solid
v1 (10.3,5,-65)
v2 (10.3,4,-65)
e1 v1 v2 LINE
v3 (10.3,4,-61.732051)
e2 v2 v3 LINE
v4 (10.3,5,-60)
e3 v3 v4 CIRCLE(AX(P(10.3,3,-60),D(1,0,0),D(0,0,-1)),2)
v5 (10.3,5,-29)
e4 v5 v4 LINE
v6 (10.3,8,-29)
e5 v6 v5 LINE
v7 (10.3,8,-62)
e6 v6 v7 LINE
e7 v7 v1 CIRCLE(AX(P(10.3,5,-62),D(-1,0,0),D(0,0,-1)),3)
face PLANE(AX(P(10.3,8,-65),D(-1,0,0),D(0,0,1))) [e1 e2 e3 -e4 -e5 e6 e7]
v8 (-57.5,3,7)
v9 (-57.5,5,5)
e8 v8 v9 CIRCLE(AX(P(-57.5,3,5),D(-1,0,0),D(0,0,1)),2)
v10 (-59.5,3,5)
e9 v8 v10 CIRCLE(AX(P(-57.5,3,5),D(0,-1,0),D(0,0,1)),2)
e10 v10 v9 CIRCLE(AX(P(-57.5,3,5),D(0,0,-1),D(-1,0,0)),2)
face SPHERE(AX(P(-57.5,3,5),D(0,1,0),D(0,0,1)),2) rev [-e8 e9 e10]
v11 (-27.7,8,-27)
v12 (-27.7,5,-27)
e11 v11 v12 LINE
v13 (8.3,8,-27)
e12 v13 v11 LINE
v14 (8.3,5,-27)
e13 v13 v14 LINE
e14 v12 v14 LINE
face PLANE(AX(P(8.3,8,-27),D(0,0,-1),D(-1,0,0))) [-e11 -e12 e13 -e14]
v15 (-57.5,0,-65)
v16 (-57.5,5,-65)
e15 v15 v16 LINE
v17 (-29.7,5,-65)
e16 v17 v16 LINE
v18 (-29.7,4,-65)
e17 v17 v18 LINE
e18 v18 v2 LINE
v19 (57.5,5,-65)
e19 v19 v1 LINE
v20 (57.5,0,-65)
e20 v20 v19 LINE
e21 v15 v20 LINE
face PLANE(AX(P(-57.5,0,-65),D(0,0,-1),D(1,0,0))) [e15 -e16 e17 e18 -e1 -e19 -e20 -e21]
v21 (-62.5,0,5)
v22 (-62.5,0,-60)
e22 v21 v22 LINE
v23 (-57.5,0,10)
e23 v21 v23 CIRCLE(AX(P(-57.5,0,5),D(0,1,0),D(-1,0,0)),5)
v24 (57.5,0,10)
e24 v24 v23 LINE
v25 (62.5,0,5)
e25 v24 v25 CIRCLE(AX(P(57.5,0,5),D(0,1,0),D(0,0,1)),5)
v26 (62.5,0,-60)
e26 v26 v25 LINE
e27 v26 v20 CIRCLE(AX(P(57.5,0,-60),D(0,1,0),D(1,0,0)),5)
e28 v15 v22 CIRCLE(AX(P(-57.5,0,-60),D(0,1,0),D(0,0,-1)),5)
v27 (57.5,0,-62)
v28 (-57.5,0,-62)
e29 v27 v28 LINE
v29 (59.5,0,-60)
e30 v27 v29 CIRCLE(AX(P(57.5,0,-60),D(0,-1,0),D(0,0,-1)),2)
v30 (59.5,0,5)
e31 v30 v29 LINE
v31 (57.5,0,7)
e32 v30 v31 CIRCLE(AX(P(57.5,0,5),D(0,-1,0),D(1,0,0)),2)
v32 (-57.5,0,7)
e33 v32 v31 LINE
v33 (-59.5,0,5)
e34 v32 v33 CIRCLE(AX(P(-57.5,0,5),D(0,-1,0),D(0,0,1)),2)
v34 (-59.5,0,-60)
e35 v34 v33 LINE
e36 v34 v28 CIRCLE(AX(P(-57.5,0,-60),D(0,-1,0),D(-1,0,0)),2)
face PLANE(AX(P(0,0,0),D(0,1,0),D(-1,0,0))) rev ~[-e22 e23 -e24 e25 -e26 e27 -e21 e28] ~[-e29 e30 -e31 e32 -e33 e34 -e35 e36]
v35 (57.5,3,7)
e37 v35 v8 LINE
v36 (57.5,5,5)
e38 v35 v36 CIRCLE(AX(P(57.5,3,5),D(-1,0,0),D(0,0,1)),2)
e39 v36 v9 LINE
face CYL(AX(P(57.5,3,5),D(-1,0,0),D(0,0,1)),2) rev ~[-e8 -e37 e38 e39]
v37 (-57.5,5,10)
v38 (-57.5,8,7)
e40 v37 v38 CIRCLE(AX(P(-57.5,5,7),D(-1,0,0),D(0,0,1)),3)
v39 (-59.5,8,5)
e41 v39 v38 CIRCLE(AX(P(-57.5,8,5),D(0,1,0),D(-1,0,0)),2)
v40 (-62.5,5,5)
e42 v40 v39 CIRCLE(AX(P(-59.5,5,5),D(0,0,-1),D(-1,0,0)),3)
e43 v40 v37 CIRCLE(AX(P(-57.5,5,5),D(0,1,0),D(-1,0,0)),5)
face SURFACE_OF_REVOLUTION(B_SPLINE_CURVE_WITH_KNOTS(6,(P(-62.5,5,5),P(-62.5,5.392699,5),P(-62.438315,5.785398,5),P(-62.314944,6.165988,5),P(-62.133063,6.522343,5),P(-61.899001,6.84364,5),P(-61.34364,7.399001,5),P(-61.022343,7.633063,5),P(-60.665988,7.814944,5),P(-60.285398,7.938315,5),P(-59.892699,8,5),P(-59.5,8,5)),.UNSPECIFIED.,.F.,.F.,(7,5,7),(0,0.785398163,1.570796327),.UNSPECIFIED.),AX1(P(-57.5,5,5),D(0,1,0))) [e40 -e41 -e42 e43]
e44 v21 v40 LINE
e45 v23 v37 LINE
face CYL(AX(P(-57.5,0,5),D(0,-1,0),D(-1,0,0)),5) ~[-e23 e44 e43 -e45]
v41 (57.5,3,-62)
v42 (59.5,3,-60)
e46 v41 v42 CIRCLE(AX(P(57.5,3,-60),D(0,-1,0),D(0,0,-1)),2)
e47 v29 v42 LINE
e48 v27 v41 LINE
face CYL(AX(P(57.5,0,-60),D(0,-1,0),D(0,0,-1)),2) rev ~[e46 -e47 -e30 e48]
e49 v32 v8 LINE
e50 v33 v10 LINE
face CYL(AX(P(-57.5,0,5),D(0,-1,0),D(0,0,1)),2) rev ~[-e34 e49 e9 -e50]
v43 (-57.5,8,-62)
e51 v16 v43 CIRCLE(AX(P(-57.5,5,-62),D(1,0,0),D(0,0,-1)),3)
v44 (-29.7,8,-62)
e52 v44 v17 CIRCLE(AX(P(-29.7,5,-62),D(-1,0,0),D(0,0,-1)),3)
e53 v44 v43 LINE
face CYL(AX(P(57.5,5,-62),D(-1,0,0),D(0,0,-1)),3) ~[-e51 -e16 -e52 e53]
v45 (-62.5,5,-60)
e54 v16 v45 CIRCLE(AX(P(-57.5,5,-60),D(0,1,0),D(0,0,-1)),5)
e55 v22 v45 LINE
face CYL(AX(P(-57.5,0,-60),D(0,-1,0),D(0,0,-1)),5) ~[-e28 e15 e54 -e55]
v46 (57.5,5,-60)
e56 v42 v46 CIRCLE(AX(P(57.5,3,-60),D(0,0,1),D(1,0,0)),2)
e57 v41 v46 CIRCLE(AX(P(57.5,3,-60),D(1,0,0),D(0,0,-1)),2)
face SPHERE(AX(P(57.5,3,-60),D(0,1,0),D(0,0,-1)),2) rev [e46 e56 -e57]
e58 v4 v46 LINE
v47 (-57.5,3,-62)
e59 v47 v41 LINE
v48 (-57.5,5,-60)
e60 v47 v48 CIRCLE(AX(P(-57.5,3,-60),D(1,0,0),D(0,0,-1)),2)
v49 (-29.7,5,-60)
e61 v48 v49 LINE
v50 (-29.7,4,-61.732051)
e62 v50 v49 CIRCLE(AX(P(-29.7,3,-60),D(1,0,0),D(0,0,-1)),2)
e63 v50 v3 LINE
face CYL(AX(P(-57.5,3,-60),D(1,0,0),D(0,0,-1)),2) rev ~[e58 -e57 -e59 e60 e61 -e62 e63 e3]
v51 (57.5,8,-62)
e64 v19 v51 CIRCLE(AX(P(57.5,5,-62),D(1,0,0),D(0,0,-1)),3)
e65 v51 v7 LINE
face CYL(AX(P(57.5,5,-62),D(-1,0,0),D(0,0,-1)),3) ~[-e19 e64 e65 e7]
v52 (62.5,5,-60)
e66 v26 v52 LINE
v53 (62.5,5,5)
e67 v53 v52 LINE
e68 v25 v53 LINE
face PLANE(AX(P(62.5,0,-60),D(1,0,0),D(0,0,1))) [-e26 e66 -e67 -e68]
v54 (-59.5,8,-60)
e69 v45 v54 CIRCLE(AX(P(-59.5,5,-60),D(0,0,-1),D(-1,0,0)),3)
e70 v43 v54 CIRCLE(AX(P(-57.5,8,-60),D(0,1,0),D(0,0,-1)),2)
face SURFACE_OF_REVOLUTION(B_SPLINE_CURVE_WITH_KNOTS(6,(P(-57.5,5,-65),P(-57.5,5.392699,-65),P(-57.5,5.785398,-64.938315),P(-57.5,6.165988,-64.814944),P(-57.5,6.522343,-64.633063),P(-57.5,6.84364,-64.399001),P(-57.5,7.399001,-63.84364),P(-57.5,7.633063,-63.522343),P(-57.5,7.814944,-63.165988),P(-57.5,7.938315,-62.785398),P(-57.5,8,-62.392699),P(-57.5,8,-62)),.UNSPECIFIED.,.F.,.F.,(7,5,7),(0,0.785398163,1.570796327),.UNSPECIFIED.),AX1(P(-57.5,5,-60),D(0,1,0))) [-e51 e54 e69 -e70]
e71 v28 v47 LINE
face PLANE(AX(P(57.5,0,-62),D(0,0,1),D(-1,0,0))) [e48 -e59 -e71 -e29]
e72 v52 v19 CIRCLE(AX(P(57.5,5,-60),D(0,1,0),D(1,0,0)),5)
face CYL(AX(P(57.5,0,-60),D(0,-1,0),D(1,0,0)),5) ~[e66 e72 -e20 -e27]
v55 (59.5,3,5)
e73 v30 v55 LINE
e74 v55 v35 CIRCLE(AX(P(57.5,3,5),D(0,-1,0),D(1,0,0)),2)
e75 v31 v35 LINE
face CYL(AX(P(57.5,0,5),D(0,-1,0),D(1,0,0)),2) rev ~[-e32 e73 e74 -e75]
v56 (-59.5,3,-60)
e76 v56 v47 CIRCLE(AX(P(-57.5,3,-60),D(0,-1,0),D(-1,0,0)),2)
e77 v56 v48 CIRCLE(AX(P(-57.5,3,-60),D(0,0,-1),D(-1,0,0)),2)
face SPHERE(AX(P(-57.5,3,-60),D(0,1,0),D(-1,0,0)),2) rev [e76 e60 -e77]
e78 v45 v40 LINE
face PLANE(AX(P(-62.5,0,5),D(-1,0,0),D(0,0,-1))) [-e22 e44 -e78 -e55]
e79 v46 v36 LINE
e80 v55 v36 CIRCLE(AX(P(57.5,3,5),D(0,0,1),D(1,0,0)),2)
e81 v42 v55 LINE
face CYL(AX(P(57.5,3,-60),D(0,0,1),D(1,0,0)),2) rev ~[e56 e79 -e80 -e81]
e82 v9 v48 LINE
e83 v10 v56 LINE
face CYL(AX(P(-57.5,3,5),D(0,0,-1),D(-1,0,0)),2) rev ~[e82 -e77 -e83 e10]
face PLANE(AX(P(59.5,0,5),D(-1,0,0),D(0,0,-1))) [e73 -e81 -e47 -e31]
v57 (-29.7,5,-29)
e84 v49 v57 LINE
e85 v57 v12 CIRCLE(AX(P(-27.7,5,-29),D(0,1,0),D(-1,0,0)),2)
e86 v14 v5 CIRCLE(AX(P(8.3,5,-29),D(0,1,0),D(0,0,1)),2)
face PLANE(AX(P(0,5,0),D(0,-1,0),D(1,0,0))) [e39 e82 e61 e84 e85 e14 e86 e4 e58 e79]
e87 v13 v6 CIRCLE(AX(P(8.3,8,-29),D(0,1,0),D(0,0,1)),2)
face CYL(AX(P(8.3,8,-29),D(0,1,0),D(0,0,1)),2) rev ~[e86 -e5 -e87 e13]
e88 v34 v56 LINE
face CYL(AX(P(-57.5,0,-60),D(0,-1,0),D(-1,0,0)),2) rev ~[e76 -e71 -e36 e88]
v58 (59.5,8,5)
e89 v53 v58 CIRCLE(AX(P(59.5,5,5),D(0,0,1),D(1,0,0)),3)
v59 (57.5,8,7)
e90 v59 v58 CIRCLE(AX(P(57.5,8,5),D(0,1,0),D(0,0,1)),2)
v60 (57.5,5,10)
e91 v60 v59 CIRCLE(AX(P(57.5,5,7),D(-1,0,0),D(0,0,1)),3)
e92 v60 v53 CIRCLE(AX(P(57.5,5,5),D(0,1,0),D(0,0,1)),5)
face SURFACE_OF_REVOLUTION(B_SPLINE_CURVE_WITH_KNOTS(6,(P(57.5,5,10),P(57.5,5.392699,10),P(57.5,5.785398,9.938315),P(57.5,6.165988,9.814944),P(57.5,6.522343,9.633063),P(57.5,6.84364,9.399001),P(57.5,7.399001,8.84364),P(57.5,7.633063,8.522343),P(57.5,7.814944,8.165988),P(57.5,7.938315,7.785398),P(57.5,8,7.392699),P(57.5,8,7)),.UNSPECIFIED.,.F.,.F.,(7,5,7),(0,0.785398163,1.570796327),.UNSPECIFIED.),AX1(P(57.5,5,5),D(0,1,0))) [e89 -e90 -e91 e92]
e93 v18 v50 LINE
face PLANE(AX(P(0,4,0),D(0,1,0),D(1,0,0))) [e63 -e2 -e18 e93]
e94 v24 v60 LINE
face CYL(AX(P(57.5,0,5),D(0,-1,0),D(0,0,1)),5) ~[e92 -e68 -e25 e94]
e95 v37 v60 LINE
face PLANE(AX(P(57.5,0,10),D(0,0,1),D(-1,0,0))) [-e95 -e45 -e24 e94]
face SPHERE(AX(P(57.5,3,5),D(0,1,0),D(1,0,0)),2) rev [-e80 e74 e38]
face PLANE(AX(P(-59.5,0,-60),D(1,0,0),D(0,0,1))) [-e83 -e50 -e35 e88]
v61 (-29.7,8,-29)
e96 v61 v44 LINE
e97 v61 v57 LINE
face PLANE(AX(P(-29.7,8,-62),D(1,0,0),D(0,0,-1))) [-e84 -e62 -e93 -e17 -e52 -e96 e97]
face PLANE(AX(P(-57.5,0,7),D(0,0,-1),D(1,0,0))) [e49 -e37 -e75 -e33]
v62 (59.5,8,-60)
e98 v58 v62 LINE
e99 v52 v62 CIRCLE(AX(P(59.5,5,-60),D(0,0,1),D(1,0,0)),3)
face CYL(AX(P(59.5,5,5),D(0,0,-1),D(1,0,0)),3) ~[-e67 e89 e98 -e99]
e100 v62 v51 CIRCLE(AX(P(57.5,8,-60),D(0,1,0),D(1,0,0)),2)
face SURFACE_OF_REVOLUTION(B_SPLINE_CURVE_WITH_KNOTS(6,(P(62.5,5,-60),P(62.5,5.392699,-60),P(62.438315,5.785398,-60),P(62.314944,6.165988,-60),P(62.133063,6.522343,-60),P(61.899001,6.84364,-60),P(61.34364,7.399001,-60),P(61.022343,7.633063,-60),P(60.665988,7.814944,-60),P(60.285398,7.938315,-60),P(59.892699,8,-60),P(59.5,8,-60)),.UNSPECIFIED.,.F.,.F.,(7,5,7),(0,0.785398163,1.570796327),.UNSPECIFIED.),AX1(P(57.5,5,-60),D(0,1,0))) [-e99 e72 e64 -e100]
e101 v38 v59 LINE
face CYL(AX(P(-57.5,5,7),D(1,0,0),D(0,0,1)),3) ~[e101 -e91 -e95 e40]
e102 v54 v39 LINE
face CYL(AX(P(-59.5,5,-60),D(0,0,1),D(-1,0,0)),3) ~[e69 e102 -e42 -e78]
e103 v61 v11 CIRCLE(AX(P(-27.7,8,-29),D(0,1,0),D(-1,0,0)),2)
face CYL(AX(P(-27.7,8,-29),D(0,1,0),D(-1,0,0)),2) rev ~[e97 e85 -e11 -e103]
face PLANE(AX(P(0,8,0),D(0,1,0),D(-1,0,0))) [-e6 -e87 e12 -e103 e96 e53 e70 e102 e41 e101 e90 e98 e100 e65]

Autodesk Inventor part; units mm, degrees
ref_plane "YZ Plane" through (0, 0, 0) normal (1, 0, 0) x (0, 1, 0)
ref_plane "XZ Plane" through (0, 0, 0) normal (0, 1, 0) x (-1, 0, 0)
ref_plane "XY Plane" through (0, 0, 0) normal (0, 0, 1) x (1, 0, 0)
sketch "Sketch1" plane through (0, 0, 0) normal (0, 1, 0) x (-1, 0, 0)
  line L0 (57.5, -65) -> (-57.5, -65)
  line L1 (-62.5, -60) -> (-62.5, 5)
  line L2 (-57.5, 10) -> (57.5, 10)
  line L3 (62.5, 5) -> (62.5, -60)
  arc A0 (-57.5, 10) -> (-62.5, 5) centre (-57.5, 5) ccw
  arc A1 (62.5, 5) -> (57.5, 10) centre (57.5, 5) ccw
  arc A2 (57.5, -65) -> (62.5, -60) centre (57.5, -60) ccw
  arc A3 (-62.5, -60) -> (-57.5, -65) centre (-57.5, -60) ccw
  line L4 (0, 10) -> (0, -20.4446) construction
  point P0 (0, 0)
  point P1 (62.5, -65)
  point P2 (-62.5, 10)
  point P3 (62.5, 10)
  dimension "d0" = 125
  dimension "d4" = 75
  dimension "d5" = 5
  dimension "d9" = 10
extrude "Extrusion1" add sketch "Sketch1" along normal blind 8
fillet "Fillet1" radius 3 8 edges at (-61.0355, 8, 8.5355) (0, 8, 10) (61.0355, 8, 8.5355) (62.5, 8, -27.5) (61.0355, 8, -63.5355) (0, 8, -65) (-61.0355, 8, -63.5355) (-62.5, 8, -27.5)
sketch "Sketch2" plane through (0, 0, 0) normal (0, -1, 0) x (1, 0, 0)
  line L0 (62.5, 5) -> (62.5, -60) projected
  arc A0 (62.5, 5) -> (57.5, 10) centre (57.5, 5) ccw projected
  line L1 (-57.5, 10) -> (57.5, 10) projected
  arc A1 (-57.5, 10) -> (-62.5, 5) centre (-57.5, 5) ccw projected
  line L2 (-62.5, -60) -> (-62.5, 5) projected
  arc A2 (-62.5, -60) -> (-57.5, -65) centre (-57.5, -60) ccw projected
  line L3 (57.5, -65) -> (-57.5, -65) projected
  arc A3 (57.5, -65) -> (62.5, -60) centre (57.5, -60) ccw projected
  arc A4 (59.5, 5) -> (57.5, 7) centre (57.5, 5) ccw
  line L4 (59.5, 5) -> (59.5, -60)
  arc A5 (57.5, -62) -> (59.5, -60) centre (57.5, -60) ccw
  line L5 (57.5, -62) -> (-57.5, -62)
  arc A6 (-59.5, -60) -> (-57.5, -62) centre (-57.5, -60) ccw
  line L6 (-59.5, -60) -> (-59.5, 5)
  arc A7 (-57.5, 7) -> (-59.5, 5) centre (-57.5, 5) ccw
  line L7 (-57.5, 7) -> (57.5, 7)
  point P0 (0, 0)
  dimension "d10" = 3
extrude "Extrusion2" cut sketch "Sketch2" against normal blind 5 contours L4 A5 L5 A6 L6 A7 L7 A4
fillet "Fillet2" radius 2 8 edges at (-58.9142, 5, -61.4142) (-59.5, 5, -27.5) (-58.9142, 5, 6.4142) (0, 5, 7) (58.9142, 5, 6.4142) (59.5, 5, -27.5) (58.9142, 5, -61.4142) (0, 5, -62)
sketch "Sketch3" plane through (0, 8, 0) normal (0, 1, 0) x (1, 0, 0)
  line L0 (-57.5, 62) -> (57.5, 62) projected
  line L1 (-27.7, 67) -> (8.3, 67)
  line L2 (10.3, 65) -> (10.3, 29)
  line L3 (8.3, 27) -> (-27.7, 27)
  line L4 (-29.7, 29) -> (-29.7, 65)
  arc A0 (-27.7, 67) -> (-29.7, 65) centre (-27.7, 65) ccw
  arc A1 (10.3, 65) -> (8.3, 67) centre (8.3, 65) ccw
  arc A2 (8.3, 27) -> (10.3, 29) centre (8.3, 29) ccw
  arc A3 (-29.7, 29) -> (-27.7, 27) centre (-27.7, 29) ccw
  line L5 (62.5, -5) -> (62.5, 60) projected
  line L6 (-62.5, 60) -> (-62.5, -5) projected
  point P0 (0, 0)
  point P1 (10.3, 27)
  point P2 (10.3, 67)
  point P3 (-29.7, 27)
  point P4 (-9.7, 67)
  dimension "d14" = 40
  dimension "d15" = 40
  dimension "d16" = 2
  dimension "d17" = 5
  dimension "d21" = 52.8
extrude "Extrusion3" cut sketch "Sketch3" against normal blind 4
properties part number "Beta_V2_Top01"
